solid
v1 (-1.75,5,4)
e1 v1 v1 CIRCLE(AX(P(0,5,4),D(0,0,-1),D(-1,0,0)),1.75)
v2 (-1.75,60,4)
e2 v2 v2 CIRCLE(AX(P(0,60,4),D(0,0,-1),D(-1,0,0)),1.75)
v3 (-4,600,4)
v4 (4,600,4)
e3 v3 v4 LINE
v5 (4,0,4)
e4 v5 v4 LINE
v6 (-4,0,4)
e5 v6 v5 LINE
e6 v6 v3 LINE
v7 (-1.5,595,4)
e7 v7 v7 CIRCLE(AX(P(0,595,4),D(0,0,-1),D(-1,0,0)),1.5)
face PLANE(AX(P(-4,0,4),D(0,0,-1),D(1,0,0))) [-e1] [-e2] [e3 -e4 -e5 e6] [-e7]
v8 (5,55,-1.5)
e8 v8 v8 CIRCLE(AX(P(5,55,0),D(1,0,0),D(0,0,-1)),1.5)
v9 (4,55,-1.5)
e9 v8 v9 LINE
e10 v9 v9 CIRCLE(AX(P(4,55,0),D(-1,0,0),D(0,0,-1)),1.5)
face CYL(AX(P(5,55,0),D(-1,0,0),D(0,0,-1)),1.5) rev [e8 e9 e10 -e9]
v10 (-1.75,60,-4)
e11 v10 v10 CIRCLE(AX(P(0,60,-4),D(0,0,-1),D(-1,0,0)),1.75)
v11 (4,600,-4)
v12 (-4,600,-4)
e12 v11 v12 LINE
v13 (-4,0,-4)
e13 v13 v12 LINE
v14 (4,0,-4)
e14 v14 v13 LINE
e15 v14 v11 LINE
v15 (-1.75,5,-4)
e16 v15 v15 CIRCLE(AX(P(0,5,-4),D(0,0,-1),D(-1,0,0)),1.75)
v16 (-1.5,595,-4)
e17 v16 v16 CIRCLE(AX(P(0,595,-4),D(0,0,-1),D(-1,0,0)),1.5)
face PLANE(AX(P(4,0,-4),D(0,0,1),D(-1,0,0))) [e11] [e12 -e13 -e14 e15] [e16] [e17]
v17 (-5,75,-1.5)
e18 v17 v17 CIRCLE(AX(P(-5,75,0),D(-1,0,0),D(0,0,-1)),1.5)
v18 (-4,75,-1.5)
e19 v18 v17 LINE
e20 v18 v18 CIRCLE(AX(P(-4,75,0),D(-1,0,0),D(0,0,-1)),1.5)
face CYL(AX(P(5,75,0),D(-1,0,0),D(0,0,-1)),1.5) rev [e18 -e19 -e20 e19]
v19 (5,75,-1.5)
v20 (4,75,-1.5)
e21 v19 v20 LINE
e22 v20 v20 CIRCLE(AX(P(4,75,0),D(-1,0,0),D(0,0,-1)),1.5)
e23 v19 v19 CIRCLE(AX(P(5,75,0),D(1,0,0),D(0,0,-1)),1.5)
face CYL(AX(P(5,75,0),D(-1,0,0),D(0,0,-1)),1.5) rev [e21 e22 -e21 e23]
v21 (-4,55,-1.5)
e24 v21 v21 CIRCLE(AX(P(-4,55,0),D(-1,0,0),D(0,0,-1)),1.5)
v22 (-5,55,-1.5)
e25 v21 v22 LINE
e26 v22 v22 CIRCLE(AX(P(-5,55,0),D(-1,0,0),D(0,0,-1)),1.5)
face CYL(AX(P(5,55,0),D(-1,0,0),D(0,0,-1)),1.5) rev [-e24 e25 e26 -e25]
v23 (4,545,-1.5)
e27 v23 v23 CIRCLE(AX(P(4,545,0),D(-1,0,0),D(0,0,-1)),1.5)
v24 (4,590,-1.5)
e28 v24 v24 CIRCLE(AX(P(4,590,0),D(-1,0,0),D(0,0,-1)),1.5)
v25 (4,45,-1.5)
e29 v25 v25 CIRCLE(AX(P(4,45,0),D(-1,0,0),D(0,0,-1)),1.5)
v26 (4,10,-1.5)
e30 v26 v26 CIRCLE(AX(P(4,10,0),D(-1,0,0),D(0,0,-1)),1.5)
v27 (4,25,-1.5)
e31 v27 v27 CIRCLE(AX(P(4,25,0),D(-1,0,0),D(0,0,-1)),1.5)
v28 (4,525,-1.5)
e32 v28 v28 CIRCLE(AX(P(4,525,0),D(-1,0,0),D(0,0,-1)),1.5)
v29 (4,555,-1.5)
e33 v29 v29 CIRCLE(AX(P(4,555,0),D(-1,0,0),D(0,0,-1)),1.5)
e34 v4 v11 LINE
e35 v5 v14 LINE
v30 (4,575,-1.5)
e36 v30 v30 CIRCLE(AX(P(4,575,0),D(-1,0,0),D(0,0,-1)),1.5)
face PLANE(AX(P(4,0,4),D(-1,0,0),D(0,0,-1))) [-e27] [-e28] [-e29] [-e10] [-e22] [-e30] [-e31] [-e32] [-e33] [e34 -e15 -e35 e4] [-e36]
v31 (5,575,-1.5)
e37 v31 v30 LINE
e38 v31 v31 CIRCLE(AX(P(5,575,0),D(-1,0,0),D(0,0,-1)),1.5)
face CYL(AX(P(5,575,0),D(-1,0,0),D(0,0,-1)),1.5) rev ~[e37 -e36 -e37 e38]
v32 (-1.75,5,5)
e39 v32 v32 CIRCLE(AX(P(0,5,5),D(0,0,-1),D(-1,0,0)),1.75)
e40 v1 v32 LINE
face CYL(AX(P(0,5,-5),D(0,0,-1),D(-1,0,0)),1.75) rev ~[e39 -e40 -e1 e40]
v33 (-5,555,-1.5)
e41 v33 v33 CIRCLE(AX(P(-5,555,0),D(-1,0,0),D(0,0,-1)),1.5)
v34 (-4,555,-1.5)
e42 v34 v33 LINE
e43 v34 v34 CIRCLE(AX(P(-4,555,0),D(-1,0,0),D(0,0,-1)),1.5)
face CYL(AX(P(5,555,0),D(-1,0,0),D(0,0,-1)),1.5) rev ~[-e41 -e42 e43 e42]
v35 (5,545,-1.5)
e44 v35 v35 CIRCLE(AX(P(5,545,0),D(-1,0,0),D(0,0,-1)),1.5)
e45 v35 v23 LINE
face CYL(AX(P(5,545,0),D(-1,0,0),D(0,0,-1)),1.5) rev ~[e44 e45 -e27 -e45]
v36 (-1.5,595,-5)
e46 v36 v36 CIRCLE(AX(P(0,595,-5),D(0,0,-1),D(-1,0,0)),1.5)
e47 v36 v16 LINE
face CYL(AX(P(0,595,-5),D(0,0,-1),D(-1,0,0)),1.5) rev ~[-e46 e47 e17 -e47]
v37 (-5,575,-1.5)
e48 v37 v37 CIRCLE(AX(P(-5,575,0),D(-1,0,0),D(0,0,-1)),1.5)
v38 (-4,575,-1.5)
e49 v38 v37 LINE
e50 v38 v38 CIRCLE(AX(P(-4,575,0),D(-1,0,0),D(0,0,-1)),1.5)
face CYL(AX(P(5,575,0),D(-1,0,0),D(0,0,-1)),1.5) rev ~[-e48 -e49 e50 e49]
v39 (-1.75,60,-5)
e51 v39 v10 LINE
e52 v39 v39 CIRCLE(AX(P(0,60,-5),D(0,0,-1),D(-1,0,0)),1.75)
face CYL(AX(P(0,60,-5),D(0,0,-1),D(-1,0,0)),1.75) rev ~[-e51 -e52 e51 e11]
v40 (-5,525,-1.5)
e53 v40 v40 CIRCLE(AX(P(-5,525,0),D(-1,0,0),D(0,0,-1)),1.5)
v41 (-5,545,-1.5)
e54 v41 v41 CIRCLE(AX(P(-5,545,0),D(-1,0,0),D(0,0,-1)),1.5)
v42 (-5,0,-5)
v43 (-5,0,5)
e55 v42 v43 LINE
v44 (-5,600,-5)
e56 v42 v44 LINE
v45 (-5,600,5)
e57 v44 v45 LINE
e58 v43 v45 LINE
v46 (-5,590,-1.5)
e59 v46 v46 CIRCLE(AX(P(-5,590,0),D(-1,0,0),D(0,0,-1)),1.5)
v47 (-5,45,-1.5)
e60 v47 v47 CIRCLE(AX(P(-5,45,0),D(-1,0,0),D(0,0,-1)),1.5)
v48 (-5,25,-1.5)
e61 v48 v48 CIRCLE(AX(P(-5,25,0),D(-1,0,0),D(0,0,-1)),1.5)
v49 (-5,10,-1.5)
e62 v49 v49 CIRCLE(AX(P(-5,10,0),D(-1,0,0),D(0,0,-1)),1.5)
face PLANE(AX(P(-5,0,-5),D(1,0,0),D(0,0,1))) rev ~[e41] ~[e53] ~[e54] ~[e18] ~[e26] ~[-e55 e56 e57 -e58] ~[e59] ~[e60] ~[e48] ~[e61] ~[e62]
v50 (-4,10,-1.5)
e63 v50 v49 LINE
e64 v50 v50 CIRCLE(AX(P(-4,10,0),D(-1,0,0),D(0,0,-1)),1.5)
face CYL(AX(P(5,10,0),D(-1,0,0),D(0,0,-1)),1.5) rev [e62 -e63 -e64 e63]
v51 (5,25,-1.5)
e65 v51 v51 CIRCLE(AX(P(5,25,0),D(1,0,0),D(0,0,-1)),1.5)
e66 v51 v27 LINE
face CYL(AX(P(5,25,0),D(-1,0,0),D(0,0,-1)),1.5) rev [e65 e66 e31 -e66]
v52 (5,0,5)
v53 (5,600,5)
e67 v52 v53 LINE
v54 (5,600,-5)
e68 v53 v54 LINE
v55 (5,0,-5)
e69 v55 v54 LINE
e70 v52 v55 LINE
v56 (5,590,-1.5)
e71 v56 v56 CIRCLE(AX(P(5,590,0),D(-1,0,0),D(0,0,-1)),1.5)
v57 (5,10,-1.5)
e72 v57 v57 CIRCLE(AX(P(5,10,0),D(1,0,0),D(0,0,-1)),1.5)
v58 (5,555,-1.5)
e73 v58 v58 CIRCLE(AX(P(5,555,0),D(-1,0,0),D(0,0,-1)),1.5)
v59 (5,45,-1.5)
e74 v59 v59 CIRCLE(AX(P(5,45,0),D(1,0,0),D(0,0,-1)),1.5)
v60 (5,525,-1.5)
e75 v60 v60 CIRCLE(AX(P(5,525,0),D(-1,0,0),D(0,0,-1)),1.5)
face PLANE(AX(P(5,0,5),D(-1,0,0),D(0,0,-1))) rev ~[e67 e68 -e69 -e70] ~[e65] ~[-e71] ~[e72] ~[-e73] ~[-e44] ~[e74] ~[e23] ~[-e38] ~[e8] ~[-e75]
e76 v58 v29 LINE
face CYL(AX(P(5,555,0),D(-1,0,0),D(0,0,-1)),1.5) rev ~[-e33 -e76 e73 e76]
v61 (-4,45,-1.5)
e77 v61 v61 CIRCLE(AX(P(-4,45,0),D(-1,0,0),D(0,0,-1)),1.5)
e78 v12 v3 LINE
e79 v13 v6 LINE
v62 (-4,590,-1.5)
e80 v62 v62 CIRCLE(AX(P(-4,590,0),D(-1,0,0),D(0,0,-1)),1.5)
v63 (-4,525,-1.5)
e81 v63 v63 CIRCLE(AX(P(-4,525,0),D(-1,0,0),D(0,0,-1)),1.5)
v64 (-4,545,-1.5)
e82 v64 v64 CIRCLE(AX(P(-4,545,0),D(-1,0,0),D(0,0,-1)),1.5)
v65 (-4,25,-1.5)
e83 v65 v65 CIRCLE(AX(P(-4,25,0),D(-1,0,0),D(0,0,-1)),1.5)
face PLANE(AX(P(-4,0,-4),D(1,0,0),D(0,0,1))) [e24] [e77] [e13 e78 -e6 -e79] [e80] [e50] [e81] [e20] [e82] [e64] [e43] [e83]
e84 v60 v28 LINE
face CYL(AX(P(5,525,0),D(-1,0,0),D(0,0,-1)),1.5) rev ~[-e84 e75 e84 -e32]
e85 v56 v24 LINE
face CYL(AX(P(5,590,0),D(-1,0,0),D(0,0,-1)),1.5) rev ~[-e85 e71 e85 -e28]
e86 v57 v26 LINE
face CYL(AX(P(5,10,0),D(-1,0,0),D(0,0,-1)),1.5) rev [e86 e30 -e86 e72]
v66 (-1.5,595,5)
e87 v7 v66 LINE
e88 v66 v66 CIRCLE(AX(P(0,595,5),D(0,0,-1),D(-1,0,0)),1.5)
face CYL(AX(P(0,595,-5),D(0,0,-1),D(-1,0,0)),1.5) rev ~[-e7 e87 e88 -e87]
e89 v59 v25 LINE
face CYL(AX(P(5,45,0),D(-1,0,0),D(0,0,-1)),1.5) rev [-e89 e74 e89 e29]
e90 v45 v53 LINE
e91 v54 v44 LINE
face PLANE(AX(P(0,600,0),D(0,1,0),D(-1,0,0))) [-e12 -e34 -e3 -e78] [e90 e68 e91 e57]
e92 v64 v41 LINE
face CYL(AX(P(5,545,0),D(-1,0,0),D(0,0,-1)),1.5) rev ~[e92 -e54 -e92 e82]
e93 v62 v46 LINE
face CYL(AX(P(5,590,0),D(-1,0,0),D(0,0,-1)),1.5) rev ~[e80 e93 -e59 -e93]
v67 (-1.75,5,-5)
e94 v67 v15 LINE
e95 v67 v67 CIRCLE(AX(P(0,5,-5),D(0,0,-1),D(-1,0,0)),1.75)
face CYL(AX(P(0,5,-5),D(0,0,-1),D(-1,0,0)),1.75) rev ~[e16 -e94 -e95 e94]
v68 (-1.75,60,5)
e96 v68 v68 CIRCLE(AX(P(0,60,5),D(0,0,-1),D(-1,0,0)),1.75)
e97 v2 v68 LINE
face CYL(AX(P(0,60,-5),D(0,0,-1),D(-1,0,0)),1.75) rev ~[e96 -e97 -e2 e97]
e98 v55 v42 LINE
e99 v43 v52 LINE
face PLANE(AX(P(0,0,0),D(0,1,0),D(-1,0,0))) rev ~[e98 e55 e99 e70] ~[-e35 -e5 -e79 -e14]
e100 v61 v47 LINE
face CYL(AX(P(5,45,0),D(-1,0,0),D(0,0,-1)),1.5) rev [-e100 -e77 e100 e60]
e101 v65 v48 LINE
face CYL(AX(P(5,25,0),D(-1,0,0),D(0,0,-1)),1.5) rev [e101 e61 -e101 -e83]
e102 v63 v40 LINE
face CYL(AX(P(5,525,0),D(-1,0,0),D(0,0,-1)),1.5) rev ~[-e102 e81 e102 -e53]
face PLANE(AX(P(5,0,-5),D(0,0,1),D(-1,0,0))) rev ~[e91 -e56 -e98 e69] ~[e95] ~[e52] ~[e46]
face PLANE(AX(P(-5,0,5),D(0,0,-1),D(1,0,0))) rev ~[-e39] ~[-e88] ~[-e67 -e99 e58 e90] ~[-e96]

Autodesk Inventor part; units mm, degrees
ref_plane "YZ Plane" through (0, 0, 0) normal (1, 0, 0) x (0, 1, 0)
ref_plane "XZ Plane" through (0, 0, 0) normal (0, 1, 0) x (-1, 0, 0)
sketch "Sketch1" plane through (0, 0, 0) normal (0, 1, 0) x (-1, 0, 0)
  line L0 (-5, -5) -> (5, -5)
  line L1 (5, -5) -> (5, 5)
  line L2 (5, 5) -> (-5, 5)
  line L3 (-5, 5) -> (-5, -5)
  line L4 (-5, -5) -> (5, 5) construction
  line L5 (5, -5) -> (-5, 5) construction
  line L6 (-4, -4) -> (4, -4)
  line L7 (4, -4) -> (4, 4)
  line L8 (4, 4) -> (-4, 4)
  line L9 (-4, 4) -> (-4, -4)
  line L10 (-4, -4) -> (4, 4) construction
  line L11 (4, -4) -> (-4, 4) construction
  point P0 (0, 0)
  dimension "d0" = 10
  dimension "d1" = 10
  dimension "d2" = 8
  dimension "d3" = 8
extrude "Extrusion1" add sketch "Sketch1" along normal blind 600
sketch "Sketch2" plane through (5, 0, -5) normal (1, 0, 0) x (0, 0, -1)
  line L0 (-10, 600) -> (0, 600) projected
  point P0 (-5, 0)
  point P1 (-5, 545)
  point P2 (-5, 525)
  point P3 (-5, 590)
  point P4 (-5, 555)
  point P5 (-5, 575)
  dimension "d6" = 55
  dimension "d7" = 20
  dimension "d21" = 10
  dimension "d23" = 35
  dimension "d24" = 15
hole "Hole1" at (5, 545, 0) at (5, 525, 0) at (5, 590, 0) at (5, 555, 0) at (5, 575, 0) direction (-1, 0, 0) diameter 3 depth 80.45
sketch "Sketch3" plane through (-5, 0, -5) normal (0, 0, -1) x (-1, 0, 0)
  line L0 (-10, 600) -> (0, 600) projected
  circle A0 centre (-5, 595) radius 1.5
  line L1 (-10, 0) -> (0, 0) projected
  circle A1 centre (-5, 5) radius 1.75
  circle A2 centre (-5, 60) radius 1.75
  point P0 (-5, 0)
  dimension "d15" = 5
  dimension "d16" = 3
  dimension "d19" = 5
  dimension "d20" = 3.5
  dimension "d25" = 55
extrude "Extrusion2" cut sketch "Sketch3" against normal blind 600
ref_plane "Work Plane1" through (0, 300, 0) normal (0, 1, 0) x (1, 0, 0)
mirror "Mirror1" about plane through (0, 300, 0) normal (0, 1, 0) of "Hole1"
properties part number "10x10x600" material "アルミニウム 6061"
